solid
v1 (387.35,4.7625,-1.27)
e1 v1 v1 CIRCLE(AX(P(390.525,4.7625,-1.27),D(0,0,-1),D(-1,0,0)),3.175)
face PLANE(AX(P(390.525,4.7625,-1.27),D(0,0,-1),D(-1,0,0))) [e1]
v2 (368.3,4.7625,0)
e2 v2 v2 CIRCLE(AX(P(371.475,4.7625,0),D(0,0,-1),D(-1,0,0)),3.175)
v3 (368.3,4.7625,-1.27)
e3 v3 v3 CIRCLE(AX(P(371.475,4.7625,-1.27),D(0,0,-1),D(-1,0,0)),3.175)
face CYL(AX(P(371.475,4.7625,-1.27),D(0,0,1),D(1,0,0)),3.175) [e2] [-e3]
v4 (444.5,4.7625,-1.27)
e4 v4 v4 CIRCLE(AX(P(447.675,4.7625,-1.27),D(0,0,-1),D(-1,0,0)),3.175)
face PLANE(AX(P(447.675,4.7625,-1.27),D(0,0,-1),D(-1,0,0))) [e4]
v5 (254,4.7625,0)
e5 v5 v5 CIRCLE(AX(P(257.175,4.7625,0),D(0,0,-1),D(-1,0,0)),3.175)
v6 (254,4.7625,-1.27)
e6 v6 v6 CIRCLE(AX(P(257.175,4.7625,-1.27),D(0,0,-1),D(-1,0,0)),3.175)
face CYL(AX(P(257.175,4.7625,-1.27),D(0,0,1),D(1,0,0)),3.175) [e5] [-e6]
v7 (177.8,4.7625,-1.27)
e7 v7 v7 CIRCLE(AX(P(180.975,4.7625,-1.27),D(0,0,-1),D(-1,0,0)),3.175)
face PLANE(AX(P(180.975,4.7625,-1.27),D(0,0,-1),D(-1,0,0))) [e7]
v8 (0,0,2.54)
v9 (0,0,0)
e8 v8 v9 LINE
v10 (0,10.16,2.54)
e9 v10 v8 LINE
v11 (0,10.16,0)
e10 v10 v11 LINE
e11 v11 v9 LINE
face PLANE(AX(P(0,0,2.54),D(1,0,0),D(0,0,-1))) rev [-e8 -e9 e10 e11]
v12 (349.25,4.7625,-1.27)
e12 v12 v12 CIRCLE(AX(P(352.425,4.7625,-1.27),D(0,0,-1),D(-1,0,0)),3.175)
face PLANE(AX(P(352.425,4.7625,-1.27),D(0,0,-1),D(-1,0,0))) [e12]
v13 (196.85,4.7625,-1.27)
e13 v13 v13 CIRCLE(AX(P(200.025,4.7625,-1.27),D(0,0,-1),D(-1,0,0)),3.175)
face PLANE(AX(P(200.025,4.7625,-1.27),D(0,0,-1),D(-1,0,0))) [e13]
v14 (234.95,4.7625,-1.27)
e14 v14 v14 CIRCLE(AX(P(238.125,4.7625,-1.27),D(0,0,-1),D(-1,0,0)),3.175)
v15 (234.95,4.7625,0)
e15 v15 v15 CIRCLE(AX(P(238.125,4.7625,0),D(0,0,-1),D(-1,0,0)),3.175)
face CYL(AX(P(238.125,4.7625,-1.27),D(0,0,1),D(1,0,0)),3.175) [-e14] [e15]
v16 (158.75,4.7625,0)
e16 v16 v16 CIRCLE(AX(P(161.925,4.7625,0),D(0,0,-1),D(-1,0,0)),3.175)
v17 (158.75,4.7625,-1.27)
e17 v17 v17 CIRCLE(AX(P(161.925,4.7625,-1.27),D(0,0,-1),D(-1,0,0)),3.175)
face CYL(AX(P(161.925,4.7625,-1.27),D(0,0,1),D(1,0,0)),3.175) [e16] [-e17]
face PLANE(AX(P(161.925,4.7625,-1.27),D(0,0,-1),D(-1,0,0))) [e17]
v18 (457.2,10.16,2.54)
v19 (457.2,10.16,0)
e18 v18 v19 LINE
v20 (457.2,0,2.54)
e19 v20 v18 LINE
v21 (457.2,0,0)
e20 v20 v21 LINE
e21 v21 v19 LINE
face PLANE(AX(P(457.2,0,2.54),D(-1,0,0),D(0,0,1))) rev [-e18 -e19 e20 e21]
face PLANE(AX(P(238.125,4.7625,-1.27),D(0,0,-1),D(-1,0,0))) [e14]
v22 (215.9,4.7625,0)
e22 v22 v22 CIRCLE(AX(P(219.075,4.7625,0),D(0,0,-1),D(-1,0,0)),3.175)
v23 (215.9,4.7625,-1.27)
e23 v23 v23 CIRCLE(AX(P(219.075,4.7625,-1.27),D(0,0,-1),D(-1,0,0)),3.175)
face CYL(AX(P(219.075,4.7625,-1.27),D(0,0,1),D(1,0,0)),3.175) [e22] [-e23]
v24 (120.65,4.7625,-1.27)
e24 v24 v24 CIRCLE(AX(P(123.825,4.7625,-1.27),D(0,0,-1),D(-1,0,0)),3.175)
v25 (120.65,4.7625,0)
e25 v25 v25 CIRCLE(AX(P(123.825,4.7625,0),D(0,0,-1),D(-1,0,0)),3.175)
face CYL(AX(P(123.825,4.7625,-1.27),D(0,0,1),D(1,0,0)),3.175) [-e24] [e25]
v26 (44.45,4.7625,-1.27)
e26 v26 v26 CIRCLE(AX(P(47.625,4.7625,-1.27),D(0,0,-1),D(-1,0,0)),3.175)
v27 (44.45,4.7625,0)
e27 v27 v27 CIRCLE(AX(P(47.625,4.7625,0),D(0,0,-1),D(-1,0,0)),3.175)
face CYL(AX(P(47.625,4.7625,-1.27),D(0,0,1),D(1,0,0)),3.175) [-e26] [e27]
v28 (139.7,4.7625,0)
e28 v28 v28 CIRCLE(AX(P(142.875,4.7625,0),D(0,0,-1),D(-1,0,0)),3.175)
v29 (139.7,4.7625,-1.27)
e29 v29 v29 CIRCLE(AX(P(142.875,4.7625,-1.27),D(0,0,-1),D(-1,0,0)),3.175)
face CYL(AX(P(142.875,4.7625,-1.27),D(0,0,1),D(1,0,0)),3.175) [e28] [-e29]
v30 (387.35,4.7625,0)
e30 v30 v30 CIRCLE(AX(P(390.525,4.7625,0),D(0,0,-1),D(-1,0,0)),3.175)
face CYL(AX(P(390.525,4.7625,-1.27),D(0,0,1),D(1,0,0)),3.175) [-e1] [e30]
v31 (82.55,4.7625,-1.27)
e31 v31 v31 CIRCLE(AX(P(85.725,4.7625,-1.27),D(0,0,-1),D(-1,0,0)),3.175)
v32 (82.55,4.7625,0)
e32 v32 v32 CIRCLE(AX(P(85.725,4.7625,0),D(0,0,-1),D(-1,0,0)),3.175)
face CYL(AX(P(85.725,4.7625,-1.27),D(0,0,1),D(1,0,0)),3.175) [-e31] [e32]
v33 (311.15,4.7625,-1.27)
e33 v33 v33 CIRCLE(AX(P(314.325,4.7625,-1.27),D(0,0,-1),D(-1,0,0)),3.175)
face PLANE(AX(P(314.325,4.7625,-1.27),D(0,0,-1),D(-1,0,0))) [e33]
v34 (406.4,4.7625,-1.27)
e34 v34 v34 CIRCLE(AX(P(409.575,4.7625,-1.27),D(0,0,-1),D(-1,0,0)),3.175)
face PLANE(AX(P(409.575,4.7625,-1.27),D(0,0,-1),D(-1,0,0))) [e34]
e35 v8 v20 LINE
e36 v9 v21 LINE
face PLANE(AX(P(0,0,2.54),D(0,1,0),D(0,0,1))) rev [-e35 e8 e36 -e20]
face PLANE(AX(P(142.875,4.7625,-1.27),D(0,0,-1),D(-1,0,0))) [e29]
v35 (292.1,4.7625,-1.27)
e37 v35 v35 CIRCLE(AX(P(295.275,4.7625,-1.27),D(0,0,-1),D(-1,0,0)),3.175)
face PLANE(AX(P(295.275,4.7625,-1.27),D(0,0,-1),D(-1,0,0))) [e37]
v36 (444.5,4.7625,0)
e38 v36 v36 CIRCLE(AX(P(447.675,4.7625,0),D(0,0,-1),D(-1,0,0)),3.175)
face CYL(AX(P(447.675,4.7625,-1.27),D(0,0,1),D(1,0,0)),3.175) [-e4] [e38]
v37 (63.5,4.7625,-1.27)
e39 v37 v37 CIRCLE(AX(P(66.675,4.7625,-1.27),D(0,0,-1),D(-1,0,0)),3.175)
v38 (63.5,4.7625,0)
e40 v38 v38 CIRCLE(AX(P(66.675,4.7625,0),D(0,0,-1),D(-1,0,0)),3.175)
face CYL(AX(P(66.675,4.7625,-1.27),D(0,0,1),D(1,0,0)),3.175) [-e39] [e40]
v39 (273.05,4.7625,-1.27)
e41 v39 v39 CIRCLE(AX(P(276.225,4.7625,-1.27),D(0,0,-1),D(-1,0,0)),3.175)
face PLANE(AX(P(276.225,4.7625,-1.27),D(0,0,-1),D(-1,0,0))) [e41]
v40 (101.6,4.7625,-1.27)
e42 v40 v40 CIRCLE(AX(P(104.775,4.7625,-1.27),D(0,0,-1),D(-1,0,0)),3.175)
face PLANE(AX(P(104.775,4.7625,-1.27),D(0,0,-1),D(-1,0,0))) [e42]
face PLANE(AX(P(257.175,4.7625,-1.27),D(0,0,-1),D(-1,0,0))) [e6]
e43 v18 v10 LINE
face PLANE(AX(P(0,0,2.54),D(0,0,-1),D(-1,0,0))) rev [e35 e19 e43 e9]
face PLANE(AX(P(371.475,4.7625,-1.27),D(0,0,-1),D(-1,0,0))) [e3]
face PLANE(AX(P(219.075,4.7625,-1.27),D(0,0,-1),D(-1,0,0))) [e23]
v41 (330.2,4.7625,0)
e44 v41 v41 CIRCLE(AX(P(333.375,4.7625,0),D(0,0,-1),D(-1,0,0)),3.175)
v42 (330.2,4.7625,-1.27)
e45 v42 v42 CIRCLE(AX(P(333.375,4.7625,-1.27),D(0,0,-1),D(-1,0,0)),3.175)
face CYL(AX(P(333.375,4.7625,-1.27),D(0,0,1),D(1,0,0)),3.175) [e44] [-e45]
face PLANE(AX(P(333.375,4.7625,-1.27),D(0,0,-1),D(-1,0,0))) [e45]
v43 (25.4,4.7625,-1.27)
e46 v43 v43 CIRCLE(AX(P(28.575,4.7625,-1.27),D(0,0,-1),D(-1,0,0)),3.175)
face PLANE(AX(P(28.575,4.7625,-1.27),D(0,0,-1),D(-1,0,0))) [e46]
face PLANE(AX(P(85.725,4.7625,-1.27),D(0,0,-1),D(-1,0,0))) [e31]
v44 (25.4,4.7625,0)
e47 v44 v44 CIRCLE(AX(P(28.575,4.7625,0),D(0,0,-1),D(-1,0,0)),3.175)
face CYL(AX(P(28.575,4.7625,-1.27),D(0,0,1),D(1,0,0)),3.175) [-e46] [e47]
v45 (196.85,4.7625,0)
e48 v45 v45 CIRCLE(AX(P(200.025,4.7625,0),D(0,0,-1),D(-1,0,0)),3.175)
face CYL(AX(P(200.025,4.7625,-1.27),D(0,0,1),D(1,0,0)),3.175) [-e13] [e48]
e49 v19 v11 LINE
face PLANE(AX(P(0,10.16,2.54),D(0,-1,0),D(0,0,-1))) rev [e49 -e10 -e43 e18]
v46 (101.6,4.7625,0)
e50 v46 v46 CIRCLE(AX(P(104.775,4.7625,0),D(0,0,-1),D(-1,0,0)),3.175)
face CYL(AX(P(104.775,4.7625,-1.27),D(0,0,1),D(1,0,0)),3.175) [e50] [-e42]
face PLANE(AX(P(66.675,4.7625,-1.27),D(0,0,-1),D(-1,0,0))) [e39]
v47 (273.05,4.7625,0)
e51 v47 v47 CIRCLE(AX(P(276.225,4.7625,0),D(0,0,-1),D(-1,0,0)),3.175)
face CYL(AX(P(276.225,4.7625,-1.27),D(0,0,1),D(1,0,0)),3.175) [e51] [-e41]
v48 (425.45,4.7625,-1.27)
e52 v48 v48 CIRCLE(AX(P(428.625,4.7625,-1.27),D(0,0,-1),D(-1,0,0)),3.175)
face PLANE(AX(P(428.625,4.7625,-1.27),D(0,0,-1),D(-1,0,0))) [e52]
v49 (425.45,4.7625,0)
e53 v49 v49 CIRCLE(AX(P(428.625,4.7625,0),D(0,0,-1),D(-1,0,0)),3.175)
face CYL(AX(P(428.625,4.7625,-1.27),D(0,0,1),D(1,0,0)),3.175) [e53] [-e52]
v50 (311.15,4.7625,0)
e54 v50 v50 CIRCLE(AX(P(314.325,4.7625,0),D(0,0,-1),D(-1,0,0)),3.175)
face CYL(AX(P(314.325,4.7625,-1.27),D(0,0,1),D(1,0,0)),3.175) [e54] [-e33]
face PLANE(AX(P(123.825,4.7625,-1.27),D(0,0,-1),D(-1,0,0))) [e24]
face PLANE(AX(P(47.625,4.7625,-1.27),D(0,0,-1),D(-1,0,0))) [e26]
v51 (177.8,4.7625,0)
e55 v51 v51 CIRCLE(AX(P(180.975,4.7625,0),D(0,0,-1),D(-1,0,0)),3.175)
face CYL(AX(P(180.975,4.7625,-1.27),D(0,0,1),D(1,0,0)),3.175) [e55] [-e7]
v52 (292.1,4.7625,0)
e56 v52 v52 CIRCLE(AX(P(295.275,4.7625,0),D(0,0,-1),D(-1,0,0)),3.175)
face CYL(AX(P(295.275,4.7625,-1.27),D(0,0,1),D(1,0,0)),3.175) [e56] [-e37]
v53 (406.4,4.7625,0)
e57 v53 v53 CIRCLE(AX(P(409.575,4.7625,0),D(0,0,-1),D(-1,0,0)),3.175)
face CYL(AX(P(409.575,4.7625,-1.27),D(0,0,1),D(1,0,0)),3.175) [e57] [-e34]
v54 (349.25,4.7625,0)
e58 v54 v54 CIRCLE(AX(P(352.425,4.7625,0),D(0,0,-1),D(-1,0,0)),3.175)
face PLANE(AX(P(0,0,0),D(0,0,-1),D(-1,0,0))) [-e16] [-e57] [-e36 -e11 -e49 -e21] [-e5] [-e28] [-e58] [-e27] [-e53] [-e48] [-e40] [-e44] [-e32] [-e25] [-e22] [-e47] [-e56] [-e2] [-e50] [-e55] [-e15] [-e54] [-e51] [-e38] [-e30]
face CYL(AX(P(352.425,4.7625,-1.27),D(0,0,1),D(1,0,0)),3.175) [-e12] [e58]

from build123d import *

# Parameters (mm, degrees)
SKETCH1_W           = 457.2
SKETCH1_H           = 10.16
BOSS_EXTRUDE1_DEPTH = 2.54
SKETCH2_R           = 3.175
BOSS_EXTRUDE2_DEPTH = 1.27
LPATTERN1_COUNT     = 23
LPATTERN1_PITCH     = 19.05


with BuildPart() as part:
    # Sketch1 → Boss-Extrude1 (new body)
    with BuildSketch(Plane.XY):
        with Locations((228.6, 5.08)):
            Rectangle(SKETCH1_W, SKETCH1_H)
    extrude(amount=BOSS_EXTRUDE1_DEPTH)

    # Sketch2 → Boss-Extrude2 (add)
    with BuildSketch(Plane(origin=(0, 0, 0), x_dir=(-1, 0, 0), z_dir=(0, 0, -1))):
        with Locations((-447.675, 4.7625)):
            Circle(SKETCH2_R)
    boss_extrude2 = extrude(amount=BOSS_EXTRUDE2_DEPTH)

    # LPattern1: Boss-Extrude2 ×23
    with Locations(*[(-i * LPATTERN1_PITCH, 0, 0) for i in range(1, LPATTERN1_COUNT)]):
        add(boss_extrude2)


solid = part.part
